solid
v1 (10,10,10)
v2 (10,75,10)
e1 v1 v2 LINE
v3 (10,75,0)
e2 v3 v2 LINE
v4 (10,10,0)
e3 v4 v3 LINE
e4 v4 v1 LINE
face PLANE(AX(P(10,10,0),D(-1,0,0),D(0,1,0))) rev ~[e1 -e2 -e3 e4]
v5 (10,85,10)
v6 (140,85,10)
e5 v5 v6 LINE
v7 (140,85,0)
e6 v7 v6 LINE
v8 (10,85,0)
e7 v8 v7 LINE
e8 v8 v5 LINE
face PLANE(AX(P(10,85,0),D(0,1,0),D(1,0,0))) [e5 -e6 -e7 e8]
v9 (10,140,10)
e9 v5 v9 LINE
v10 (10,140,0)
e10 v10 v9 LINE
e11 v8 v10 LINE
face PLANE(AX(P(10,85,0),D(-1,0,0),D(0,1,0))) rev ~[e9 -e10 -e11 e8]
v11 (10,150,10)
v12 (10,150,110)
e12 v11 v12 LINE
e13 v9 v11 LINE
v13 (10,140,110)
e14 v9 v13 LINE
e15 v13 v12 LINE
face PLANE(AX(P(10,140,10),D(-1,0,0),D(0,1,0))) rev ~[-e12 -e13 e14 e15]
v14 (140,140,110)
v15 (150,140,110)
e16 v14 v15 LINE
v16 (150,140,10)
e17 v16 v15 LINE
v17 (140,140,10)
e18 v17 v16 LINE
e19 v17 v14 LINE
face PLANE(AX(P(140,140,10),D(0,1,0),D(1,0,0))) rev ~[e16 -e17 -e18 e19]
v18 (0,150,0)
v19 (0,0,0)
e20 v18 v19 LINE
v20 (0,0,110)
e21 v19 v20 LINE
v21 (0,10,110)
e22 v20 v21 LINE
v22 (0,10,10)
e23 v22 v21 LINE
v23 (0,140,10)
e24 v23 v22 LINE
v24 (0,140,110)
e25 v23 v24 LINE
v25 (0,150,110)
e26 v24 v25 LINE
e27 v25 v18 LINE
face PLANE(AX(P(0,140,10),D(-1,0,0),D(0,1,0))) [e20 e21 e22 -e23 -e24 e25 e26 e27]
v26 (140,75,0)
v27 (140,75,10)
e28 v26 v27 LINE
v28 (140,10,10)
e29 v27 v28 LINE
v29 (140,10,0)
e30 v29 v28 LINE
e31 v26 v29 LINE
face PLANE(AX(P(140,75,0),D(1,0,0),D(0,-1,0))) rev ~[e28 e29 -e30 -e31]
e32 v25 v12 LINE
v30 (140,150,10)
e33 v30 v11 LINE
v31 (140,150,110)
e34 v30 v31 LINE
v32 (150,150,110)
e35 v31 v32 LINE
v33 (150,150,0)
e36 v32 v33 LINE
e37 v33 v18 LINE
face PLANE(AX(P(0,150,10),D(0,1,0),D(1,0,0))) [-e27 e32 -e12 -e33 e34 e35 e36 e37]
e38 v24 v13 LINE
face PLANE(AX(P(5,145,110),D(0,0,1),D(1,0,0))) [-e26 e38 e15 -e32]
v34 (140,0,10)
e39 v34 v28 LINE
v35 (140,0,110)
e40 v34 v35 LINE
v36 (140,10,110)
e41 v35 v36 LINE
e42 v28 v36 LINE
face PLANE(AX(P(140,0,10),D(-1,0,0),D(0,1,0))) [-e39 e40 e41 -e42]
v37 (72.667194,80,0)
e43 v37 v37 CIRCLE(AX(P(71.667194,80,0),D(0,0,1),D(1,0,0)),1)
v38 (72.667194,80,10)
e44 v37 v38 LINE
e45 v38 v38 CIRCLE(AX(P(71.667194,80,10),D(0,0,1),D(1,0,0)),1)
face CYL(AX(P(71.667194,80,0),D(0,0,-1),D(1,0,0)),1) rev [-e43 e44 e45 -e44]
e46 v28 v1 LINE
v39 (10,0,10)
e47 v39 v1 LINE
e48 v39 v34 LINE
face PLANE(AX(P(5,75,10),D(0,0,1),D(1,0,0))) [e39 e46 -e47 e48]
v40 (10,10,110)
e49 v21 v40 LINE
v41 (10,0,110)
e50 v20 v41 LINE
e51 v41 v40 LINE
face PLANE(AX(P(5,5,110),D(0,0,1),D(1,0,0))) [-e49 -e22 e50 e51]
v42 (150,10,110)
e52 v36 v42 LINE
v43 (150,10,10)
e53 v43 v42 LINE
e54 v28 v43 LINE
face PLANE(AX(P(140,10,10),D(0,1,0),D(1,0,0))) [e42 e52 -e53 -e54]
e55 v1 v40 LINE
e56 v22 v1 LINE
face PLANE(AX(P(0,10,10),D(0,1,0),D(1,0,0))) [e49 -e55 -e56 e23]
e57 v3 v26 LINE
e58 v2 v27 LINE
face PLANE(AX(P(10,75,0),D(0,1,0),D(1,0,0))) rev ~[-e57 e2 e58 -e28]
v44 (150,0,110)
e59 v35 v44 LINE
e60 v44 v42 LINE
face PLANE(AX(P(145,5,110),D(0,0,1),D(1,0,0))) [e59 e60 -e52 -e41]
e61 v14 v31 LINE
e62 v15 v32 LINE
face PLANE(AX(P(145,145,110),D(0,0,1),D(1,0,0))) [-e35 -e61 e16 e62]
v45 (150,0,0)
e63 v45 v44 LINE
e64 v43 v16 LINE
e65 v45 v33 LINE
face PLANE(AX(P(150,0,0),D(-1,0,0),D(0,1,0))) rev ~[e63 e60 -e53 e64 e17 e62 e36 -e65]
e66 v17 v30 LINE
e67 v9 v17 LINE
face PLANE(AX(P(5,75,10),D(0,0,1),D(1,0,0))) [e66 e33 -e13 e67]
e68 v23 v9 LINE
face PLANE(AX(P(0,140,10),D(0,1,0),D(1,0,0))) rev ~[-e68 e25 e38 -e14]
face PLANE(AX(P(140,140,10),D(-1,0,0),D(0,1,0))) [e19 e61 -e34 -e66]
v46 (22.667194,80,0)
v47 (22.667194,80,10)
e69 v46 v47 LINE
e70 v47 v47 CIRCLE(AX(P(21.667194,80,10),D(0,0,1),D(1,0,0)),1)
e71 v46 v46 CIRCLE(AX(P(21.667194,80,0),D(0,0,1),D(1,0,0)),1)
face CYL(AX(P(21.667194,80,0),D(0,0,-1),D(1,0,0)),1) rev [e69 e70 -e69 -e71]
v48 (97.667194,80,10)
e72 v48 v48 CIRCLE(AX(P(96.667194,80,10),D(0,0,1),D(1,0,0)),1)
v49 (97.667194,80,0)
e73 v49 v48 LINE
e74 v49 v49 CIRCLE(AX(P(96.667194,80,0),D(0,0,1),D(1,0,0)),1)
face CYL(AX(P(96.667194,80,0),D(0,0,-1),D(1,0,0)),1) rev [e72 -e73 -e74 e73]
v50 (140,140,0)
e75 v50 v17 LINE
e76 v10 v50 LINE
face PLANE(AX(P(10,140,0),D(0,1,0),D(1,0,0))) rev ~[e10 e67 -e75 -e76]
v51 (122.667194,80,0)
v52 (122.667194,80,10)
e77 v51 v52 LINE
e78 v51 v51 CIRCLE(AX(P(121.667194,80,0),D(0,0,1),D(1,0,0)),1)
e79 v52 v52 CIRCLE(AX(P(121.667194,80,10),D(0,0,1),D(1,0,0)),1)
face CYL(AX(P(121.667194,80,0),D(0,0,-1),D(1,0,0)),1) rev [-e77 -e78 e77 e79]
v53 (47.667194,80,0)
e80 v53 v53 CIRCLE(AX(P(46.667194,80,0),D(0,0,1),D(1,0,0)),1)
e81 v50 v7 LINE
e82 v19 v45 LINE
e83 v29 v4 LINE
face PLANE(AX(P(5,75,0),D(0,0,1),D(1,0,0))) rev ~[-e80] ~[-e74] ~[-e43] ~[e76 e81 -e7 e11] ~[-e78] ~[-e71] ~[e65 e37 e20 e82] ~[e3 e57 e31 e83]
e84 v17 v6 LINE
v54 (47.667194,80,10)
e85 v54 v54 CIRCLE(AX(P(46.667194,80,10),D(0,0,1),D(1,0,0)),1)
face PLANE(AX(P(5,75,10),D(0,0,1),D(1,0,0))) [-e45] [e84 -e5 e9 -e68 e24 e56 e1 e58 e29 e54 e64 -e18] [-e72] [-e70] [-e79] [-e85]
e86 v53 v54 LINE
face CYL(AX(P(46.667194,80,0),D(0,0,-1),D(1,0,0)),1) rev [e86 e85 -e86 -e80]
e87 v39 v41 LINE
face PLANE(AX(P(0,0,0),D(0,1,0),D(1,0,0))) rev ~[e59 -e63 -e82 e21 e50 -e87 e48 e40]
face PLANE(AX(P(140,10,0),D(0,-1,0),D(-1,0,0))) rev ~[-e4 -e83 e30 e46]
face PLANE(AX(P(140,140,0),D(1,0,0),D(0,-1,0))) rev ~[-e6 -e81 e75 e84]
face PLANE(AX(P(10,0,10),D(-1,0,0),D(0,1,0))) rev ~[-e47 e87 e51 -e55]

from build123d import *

# Parameters (mm, degrees)
F0_W     = 130
F0_H     = 10
F0_R     = 1
F1_DEPTH = 10
F2_W     = 10
F2_H     = 10
F3_DEPTH = 100


with BuildPart() as f1:
    # F0 (on Top) → F1 (new body)
    with BuildSketch(Plane.XY):
        Polygon((0, 140), (0, 10), (10, 10), (10, 75), (10, 85), (10, 140), align=None)
        Polygon((0, 150), (0, 140), (10, 140), (140, 140), (140, 150), align=None)
        Polygon((140, 10), (140, 0), (150, 0), (150, 150), (140, 150), (140, 140), (140, 85), (140, 75), align=None)
        Polygon((0, 10), (0, 0), (140, 0), (140, 10), (10, 10), align=None)
        with Locations((75, 80)):
            Rectangle(F0_W, F0_H)
        with Locations((21.667194, 80)):
            Circle(F0_R, mode=Mode.SUBTRACT)
        with Locations((46.667194, 80)):
            Circle(F0_R, mode=Mode.SUBTRACT)
        with Locations((71.667194, 80)):
            Circle(F0_R, mode=Mode.SUBTRACT)
        with Locations((96.667194, 80)):
            Circle(F0_R, mode=Mode.SUBTRACT)
        with Locations((121.667194, 80)):
            Circle(F0_R, mode=Mode.SUBTRACT)
    extrude(amount=F1_DEPTH)

    # F2 (on face) → F3 (join)
    with BuildSketch(Plane.XY.offset(10)):
        with Locations((5, 145)):
            Rectangle(F2_W, F2_H)
        with Locations((5, 5)):
            Rectangle(F2_W, F2_H)
        with Locations((145, 5)):
            Rectangle(F2_W, F2_H)
        with Locations((145, 145)):
            Rectangle(F2_W, F2_H)
    extrude(amount=F3_DEPTH)


solid = f1.part
